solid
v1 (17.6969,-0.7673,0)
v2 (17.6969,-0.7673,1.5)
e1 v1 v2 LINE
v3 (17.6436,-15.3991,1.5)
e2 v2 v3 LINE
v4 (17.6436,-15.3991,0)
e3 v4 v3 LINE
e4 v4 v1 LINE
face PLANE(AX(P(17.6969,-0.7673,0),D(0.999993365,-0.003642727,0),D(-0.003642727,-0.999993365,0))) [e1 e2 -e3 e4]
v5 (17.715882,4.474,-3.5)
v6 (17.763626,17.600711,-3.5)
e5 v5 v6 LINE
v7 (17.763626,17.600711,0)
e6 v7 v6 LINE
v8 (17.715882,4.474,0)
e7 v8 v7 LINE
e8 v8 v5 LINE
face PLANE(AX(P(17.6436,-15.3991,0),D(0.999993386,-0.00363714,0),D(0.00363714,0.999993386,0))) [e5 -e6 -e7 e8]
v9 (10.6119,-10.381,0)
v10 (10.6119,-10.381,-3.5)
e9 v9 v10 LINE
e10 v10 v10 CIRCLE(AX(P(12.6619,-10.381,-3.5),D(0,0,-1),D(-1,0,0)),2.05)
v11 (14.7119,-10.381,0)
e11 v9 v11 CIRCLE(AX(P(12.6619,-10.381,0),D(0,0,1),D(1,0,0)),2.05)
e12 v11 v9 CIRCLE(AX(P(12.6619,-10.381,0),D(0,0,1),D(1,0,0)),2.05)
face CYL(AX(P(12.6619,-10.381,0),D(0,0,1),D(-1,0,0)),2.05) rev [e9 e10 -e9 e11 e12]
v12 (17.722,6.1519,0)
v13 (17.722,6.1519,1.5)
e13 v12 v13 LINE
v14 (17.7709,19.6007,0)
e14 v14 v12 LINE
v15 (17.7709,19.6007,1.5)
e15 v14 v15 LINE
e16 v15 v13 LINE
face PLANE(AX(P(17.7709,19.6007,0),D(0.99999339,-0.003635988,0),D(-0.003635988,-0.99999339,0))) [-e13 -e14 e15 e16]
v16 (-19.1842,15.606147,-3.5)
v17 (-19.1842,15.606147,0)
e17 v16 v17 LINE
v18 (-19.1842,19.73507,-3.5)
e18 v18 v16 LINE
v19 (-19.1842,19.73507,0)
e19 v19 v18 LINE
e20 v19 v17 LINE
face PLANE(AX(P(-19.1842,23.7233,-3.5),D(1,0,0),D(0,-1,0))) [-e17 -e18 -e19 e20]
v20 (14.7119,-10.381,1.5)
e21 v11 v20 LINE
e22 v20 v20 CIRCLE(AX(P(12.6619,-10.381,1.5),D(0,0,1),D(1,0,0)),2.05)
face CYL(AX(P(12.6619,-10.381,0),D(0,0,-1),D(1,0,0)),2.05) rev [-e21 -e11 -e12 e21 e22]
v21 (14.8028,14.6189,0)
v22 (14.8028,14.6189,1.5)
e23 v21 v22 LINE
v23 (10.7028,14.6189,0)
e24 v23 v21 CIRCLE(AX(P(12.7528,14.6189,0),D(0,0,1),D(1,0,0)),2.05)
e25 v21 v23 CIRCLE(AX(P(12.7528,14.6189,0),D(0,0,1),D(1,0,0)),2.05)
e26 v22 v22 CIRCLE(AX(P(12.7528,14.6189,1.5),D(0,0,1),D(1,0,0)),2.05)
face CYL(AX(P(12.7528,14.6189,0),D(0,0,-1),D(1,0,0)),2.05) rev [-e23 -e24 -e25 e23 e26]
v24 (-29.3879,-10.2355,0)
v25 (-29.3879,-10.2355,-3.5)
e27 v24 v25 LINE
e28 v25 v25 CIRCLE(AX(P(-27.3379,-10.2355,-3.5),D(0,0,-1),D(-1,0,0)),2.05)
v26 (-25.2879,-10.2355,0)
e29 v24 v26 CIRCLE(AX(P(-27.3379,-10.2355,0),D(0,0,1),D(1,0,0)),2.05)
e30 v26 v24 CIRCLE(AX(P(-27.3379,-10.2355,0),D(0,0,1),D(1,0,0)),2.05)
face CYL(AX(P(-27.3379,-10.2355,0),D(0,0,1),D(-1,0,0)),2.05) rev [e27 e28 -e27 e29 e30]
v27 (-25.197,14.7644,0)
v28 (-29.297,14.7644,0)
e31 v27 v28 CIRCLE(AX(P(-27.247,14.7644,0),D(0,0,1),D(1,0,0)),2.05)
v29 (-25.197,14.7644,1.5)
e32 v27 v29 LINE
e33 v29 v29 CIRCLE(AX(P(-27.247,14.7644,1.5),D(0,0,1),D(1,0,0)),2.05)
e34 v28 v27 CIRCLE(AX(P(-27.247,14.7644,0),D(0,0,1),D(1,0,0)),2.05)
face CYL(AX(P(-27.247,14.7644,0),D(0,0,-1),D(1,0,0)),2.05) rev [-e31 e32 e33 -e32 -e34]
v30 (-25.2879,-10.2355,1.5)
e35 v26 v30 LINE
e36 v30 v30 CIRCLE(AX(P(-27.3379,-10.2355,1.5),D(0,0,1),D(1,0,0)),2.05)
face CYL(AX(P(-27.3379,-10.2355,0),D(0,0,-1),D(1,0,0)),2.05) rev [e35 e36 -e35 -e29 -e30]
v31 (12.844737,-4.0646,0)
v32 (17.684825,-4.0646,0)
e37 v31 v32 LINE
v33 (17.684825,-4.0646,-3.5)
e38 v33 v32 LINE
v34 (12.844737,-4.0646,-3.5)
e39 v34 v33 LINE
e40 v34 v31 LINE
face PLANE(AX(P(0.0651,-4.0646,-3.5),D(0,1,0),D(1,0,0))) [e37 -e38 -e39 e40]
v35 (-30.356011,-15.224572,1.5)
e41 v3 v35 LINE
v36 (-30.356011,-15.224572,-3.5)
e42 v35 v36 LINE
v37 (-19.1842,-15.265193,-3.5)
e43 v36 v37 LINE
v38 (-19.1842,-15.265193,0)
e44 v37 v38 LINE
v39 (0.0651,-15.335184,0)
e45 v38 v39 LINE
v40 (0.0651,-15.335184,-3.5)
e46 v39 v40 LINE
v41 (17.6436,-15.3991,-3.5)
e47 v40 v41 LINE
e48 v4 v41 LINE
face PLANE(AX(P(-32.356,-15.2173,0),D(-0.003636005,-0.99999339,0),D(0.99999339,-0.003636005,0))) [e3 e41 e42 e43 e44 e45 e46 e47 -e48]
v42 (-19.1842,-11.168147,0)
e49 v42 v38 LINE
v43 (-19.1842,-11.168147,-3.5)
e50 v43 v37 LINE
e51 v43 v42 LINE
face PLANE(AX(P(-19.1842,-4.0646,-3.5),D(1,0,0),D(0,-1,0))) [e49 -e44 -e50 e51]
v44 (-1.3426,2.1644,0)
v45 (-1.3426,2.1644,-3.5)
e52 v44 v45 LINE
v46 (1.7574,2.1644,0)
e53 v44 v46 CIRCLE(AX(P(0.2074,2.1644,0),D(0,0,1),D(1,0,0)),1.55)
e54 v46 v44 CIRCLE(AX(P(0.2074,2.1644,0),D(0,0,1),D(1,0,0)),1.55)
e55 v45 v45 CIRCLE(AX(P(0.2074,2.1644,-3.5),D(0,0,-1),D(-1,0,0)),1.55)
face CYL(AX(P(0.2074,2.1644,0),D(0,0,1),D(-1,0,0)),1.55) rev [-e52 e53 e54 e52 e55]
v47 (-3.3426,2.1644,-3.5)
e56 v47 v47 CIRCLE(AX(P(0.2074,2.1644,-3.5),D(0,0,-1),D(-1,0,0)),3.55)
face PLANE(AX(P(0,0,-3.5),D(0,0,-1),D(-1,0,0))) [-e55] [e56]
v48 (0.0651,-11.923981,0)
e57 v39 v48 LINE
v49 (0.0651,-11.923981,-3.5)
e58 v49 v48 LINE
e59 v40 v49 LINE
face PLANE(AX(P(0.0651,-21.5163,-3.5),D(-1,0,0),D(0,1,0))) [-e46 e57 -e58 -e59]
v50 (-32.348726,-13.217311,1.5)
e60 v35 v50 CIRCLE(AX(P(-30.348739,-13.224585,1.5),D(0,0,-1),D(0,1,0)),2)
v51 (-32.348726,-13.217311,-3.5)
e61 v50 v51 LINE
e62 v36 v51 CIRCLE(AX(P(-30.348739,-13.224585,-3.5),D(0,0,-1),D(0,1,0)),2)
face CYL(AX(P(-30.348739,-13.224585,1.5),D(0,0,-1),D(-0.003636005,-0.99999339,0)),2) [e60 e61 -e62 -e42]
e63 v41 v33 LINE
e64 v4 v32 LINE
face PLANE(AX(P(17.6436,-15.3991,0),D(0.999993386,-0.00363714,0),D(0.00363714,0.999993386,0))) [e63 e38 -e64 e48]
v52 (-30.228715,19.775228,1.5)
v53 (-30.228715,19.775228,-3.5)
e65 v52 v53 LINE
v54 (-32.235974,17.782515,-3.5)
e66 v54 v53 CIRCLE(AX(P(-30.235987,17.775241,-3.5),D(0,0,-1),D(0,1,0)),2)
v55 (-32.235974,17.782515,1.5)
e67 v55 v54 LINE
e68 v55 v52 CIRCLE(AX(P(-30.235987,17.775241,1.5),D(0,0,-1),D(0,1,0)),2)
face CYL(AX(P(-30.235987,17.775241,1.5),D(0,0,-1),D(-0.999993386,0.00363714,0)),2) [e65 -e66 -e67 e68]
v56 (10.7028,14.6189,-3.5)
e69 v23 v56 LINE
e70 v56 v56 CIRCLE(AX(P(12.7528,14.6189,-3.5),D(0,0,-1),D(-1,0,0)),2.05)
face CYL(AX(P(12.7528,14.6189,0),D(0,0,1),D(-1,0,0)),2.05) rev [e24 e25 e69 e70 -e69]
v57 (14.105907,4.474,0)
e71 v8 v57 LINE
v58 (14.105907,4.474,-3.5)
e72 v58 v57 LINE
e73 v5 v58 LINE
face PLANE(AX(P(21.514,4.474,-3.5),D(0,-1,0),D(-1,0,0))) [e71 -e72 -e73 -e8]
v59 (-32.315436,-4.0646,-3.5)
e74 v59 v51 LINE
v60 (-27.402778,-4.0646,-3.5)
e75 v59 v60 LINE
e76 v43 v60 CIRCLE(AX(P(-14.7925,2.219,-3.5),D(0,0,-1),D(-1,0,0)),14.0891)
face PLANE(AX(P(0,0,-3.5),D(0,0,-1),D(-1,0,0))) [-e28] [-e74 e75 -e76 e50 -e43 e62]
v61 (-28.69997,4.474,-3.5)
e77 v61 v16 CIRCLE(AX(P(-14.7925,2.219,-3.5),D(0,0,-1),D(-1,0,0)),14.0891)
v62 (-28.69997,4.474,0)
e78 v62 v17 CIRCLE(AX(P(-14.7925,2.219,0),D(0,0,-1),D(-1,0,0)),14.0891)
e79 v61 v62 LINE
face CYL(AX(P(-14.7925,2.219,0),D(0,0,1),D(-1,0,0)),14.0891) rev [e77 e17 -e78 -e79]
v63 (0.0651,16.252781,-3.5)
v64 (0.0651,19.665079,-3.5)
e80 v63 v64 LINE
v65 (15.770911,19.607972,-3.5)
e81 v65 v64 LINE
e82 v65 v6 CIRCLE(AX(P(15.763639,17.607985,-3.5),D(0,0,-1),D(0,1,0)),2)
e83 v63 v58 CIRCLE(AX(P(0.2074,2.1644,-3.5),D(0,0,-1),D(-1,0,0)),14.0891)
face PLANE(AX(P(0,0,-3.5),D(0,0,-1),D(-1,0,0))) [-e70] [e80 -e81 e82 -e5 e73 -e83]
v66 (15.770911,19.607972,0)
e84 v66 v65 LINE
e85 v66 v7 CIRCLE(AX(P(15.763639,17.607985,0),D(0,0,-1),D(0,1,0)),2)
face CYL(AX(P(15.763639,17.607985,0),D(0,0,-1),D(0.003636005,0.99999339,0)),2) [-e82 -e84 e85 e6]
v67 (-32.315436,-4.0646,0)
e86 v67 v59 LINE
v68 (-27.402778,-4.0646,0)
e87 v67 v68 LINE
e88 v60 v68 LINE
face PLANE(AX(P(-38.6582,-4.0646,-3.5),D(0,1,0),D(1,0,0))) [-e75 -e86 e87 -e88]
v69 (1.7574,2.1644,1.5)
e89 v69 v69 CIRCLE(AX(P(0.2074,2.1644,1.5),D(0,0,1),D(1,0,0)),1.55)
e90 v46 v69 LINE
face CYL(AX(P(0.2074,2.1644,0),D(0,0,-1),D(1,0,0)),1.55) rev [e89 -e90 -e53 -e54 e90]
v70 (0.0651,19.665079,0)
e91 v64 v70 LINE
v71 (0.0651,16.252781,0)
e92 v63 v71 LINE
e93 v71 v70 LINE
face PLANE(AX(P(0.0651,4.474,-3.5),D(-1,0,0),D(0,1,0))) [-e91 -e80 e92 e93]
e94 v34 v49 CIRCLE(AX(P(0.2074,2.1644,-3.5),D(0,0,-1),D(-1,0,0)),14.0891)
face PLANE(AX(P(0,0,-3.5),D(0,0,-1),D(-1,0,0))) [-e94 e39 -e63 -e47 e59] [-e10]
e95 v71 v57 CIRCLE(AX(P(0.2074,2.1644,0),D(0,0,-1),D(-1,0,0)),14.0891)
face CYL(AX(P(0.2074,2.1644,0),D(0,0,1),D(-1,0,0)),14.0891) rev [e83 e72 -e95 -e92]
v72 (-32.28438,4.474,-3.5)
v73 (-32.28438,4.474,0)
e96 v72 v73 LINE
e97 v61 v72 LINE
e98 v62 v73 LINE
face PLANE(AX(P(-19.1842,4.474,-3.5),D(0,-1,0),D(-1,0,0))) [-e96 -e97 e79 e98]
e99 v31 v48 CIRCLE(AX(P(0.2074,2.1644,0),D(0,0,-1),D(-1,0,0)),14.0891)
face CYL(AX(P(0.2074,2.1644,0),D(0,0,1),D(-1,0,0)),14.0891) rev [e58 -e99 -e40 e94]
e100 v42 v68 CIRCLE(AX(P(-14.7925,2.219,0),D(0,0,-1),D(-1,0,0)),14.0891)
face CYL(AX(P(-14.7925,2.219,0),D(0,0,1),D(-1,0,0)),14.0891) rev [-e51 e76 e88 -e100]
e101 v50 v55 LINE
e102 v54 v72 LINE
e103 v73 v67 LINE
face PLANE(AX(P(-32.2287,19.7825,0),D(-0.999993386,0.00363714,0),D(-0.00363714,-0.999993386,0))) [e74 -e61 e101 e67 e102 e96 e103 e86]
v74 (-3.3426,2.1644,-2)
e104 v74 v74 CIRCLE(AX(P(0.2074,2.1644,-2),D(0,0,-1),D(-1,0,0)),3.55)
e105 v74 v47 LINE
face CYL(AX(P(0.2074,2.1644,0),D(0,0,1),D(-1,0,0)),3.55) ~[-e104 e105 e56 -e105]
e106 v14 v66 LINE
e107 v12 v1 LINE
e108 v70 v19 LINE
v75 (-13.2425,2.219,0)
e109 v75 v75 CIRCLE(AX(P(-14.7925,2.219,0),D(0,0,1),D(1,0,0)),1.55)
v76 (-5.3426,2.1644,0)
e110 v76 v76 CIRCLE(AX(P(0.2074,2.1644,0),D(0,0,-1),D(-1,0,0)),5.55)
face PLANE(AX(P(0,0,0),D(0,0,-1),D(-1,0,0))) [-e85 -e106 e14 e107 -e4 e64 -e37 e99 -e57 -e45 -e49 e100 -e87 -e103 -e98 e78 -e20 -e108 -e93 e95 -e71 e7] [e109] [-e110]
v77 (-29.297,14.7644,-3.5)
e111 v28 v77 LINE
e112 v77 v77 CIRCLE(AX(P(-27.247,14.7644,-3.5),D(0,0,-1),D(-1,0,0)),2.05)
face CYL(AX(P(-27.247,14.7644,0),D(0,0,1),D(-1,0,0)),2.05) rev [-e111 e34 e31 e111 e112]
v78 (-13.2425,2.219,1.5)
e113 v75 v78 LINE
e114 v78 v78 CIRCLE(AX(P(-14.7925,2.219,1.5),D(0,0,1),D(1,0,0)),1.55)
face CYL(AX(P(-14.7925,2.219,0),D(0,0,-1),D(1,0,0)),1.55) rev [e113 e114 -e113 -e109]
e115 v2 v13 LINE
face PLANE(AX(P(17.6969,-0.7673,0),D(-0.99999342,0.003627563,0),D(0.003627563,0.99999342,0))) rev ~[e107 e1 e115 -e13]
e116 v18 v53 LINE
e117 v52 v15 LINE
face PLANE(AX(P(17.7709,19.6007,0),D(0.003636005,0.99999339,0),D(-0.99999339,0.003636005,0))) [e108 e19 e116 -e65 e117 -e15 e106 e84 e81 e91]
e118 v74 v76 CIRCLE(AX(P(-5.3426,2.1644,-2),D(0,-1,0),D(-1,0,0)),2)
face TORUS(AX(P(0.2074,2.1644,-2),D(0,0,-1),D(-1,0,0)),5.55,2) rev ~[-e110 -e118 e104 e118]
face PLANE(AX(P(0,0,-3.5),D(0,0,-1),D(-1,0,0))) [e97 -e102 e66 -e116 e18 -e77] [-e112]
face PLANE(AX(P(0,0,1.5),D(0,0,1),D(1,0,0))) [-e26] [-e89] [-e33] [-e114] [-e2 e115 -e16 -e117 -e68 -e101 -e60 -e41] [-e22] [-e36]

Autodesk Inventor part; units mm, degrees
ref_plane "YZ Plane" through (0, 0, 0) normal (1, 0, 0) x (0, 1, 0)
ref_plane "XZ Plane" through (0, 0, 0) normal (0, 1, 0) x (-1, 0, 0)
ref_plane "XY Plane" through (0, 0, 0) normal (0, 0, 1) x (1, 0, 0)
sketch "Skizze1" plane through (0, 0, 0) normal (0, 0, 1) x (1, 0, 0)
  line L0 (17.6969, -0.7673) -> (8.7277, -0.7347) projected
  arc A0 (8.2588, 6.1863) -> (8.7277, -0.7347) centre (0.2074, 2.1644) ccw projected
  line L1 (8.2588, 6.1863) -> (17.722, 6.1519) projected
  line L2 (17.7709, 19.6007) -> (17.722, 6.1519) projected
  line L3 (-32.2287, 19.7825) -> (17.7709, 19.6007) projected
  line L4 (-32.356, -15.2173) -> (-32.2287, 19.7825) projected
  line L5 (17.6436, -15.3991) -> (-32.356, -15.2173) projected
  line L6 (17.6969, -0.7673) -> (17.6436, -15.3991) projected
  circle A1 centre (-14.7925, 2.219) radius 1.45 projected
  circle A2 centre (-14.7925, 2.219) radius 1.55
  circle A3 centre (0.2074, 2.1644) radius 1.55
  line L7 (17.6969, -0.7673) -> (17.722, 6.1519)
  circle A4 centre (-27.247, 14.7644) radius 2.05 projected
  circle A5 centre (12.6619, -10.381) radius 2.05 projected
  circle A6 centre (12.7528, 14.6189) radius 2.05 projected
  circle A7 centre (-27.3379, -10.2355) radius 2.05 projected
  point P0 (0, 0)
  dimension "d25" = 3.1
  dimension "d26" = 3.1
extrude "Extrusion1" add sketch "Skizze1" along normal blind 1.5 contours L6 L5 L4 L3 L2 L1 A0 L0 | L0 A0 L1 L7
sketch "Skizze6" plane through (0, 0, 0) normal (0, 0, -1) x (-1, 0, 0)
  circle A0 centre (14.7925, 2.219) radius 1.55 projected
  circle A1 centre (-0.2074, 2.1644) radius 1.55 projected
  circle A2 centre (-0.2074, 2.1644) radius 14.0891
  circle A3 centre (14.7925, 2.219) radius 14.0891
  line L0 (32.356, -15.2173) -> (-17.6436, -15.3991) projected
  line L1 (32.2287, 19.7825) -> (32.356, -15.2173) projected
  line L2 (-17.7709, 19.6007) -> (32.2287, 19.7825) projected
  line L3 (-17.6436, -15.3991) -> (-17.7709, 19.6007)
  line L4 (32.2287, 19.7825) -> (-17.7709, 19.6007)
  line L5 (32.356, -15.2173) -> (32.2287, 19.7825)
  line L6 (32.356, -15.2173) -> (-17.6436, -15.3991)
  circle A4 centre (27.3379, -10.2355) radius 2.05 projected
  circle A5 centre (-12.7528, 14.6189) radius 2.05 projected
  circle A6 centre (-12.6619, -10.381) radius 2.05 projected
  circle A7 centre (27.247, 14.7644) radius 2.05 projected
  circle A8 centre (-12.7528, 14.6189) radius 2.05
  circle A9 centre (27.247, 14.7644) radius 2.05
  circle A10 centre (27.3379, -10.2355) radius 2.05
  circle A11 centre (-12.6619, -10.381) radius 2.05
  point P0 (0, 0)
extrude "Extrusion7" add sketch "Skizze6" along normal blind 3.5
sketch "Skizze7" plane through (0, 0, -3.5) normal (0, 0, -1) x (-1, 0, 0)
  line L0 (-21.514, 4.474) -> (38.6582, 4.474)
  line L1 (38.6582, 4.474) -> (38.6582, -4.0646)
  line L2 (38.6582, -4.0646) -> (-21.514, -4.0646)
  line L3 (-21.514, -4.0646) -> (-21.514, 4.474)
  line L4 (-0.0651, 23.7233) -> (19.1842, 23.7233)
  line L5 (19.1842, 23.7233) -> (19.1842, -21.5163)
  line L6 (19.1842, -21.5163) -> (-0.0651, -21.5163)
  line L7 (-0.0651, -21.5163) -> (-0.0651, 23.7233)
  point P0 (0, 0)
extrude "Extrusion8" cut sketch "Skizze7" against normal up to surface (3.5 mm away)
sketch "Skizze2" plane through (0, 0, 0) normal (0, 0, -1) x (-1, 0, 0)
  circle A0 centre (-0.2074, 2.1644) radius 1.55 projected
  arc A1 (-12.8448, -4.0646) -> (-0.0651, -11.924) centre (-0.2074, 2.1644) ccw projected
  circle A2 centre (-0.2074, 2.1644) radius 3.55
  point P0 (0, 0)
  dimension "d27" = 2
extrude "Extrusion2" add sketch "Skizze2" along normal blind 3.5
fillet "Rundung5" radius 2 4 edges at (3.7574, 2.1644, 0) (-32.356, -15.2173, -1) (17.7709, 19.6007, -1) (-32.2287, 19.7825, -1)
properties part number "GehäuseBack"
